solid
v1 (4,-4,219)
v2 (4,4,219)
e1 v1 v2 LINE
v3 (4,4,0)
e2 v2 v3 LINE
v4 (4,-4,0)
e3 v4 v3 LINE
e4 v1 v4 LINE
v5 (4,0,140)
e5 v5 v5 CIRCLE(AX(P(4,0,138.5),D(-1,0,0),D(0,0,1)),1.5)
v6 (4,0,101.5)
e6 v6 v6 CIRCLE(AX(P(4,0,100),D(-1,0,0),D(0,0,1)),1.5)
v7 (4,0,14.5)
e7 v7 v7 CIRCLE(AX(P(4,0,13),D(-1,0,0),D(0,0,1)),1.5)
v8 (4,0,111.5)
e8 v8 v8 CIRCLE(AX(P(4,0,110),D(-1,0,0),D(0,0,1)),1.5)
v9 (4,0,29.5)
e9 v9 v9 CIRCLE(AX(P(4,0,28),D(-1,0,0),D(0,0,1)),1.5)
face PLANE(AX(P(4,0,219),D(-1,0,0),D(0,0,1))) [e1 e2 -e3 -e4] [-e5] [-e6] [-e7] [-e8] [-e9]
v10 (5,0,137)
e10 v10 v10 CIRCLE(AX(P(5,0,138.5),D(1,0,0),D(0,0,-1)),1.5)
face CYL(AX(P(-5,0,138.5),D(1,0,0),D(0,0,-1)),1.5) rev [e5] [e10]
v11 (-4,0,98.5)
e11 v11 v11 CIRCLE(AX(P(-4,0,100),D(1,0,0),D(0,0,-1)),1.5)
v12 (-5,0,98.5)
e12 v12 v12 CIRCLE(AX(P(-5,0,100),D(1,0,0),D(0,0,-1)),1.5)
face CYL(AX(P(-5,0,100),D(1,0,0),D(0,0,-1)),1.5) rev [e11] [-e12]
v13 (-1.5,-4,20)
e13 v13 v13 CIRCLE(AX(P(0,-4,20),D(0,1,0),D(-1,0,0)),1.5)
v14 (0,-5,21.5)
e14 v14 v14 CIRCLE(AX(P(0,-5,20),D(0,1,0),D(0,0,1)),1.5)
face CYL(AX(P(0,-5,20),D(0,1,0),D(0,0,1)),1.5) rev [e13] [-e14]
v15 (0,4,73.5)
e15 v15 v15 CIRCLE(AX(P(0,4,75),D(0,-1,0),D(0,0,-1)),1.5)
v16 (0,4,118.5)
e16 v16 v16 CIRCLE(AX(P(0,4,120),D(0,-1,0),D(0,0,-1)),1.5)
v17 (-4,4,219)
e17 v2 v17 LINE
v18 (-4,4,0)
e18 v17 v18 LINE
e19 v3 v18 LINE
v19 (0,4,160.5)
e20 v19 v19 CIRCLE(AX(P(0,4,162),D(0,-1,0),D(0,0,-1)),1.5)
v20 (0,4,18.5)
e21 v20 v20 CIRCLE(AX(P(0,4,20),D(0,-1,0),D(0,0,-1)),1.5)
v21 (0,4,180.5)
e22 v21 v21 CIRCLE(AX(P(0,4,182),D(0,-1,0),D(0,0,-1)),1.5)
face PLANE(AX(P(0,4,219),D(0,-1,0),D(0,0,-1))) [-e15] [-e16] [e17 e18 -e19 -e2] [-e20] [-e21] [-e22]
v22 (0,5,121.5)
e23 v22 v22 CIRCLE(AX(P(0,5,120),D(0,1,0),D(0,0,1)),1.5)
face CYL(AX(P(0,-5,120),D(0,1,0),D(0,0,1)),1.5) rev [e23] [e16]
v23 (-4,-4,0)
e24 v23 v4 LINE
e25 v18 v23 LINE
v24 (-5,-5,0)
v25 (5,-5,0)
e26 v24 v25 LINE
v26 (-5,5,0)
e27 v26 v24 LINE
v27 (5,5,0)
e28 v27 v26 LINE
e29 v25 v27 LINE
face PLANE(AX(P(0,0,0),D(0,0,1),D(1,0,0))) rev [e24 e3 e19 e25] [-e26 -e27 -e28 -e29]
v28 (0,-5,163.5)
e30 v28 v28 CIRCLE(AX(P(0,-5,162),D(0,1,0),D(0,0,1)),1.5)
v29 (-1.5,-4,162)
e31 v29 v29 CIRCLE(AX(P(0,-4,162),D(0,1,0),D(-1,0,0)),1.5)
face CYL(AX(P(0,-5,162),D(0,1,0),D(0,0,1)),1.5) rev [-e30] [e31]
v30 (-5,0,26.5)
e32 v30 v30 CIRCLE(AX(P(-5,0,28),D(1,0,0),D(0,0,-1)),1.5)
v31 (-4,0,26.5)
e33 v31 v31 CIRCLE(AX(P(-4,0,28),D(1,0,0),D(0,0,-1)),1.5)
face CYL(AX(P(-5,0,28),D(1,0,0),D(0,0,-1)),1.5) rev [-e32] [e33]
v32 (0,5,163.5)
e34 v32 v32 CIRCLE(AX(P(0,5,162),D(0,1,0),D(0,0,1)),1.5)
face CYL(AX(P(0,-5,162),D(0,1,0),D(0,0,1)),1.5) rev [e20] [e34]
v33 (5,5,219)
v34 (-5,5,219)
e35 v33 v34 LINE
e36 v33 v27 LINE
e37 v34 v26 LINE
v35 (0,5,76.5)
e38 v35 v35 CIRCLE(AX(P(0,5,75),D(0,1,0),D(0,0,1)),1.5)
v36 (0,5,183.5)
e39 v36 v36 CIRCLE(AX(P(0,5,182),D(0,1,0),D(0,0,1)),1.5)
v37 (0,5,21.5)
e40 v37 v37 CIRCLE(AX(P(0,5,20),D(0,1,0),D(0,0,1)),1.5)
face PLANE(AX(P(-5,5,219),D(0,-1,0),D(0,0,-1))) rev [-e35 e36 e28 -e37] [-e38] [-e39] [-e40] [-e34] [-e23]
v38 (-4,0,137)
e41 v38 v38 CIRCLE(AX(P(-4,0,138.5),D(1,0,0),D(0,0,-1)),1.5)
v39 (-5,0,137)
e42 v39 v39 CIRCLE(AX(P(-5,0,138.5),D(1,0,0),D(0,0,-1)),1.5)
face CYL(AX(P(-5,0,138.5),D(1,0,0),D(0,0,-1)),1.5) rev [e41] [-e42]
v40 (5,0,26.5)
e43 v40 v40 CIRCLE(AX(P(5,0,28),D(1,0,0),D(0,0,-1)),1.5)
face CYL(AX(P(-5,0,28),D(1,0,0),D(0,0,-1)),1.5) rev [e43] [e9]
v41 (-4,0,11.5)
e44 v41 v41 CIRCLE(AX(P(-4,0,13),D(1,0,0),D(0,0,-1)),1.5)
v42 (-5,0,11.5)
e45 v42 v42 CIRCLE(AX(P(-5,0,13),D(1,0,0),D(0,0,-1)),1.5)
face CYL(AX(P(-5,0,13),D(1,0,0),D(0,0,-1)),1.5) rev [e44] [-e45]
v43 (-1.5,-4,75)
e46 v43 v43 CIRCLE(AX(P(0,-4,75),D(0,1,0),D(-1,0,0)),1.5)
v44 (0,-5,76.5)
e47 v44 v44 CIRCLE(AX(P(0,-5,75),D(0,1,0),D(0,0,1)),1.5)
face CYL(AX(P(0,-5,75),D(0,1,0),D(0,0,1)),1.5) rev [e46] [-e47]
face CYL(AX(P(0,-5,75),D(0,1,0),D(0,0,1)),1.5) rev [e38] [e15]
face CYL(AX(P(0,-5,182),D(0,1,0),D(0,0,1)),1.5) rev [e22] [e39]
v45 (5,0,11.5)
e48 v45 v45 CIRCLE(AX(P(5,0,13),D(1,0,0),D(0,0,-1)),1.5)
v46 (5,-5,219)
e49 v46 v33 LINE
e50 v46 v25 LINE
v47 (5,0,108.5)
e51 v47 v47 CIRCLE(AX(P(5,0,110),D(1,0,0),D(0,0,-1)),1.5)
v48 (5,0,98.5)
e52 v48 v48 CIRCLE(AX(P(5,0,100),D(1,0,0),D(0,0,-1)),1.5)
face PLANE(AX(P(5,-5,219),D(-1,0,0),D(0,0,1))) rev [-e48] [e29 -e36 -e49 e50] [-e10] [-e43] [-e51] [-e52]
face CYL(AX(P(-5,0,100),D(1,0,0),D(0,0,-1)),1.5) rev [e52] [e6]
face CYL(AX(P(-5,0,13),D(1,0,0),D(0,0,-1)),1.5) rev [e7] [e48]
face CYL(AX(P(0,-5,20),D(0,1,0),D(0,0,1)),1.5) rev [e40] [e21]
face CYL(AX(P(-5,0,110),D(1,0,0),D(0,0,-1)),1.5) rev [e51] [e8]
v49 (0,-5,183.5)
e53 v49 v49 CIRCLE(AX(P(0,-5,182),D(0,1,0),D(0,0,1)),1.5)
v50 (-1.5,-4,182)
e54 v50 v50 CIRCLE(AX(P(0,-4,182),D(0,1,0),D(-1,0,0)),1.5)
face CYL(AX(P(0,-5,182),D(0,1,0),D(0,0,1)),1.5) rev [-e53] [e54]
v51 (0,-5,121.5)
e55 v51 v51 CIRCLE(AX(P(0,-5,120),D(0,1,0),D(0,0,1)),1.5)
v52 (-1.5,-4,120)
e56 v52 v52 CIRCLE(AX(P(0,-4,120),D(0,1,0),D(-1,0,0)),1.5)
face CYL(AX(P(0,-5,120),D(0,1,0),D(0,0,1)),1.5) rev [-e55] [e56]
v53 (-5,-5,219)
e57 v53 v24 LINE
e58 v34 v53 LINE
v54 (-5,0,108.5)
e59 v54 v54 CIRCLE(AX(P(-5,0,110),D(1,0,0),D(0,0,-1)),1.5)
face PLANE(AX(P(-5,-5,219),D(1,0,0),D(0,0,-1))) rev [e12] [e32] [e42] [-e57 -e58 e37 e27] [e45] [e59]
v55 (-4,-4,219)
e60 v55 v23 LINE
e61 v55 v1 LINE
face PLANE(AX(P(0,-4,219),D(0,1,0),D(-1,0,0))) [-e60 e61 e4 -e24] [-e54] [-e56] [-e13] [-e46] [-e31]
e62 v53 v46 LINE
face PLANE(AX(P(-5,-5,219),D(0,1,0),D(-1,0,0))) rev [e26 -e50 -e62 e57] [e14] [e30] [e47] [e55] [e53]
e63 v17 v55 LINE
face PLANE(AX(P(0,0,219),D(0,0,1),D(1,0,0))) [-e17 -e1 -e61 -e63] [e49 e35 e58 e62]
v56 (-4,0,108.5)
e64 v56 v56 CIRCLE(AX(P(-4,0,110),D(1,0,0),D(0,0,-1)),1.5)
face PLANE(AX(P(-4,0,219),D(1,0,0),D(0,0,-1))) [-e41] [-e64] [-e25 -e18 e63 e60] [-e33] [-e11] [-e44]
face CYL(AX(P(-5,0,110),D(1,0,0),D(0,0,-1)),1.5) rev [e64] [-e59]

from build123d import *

# Parameters (mm, degrees)
SKETCH_1_W          = 10
SKETCH_1_H          = 10
SKETCH_1_W_2        = 8
SKETCH_1_H_2        = 8
EXTRUDE_1_DEPTH     = 219
SKETCH_2_R          = 1.5
CUT_EXTRUDE_1_DEPTH = 10
SKETCH_3_R          = 1.5
CUT_EXTRUDE_2_DEPTH = 11


with BuildPart() as part:
    # 草图1 → 拉伸-薄壁1 (new body)
    with BuildSketch(Plane.XY):
        Rectangle(SKETCH_1_W, SKETCH_1_H)
        Rectangle(SKETCH_1_W_2, SKETCH_1_H_2, mode=Mode.SUBTRACT)
    extrude(amount=EXTRUDE_1_DEPTH)

    # 草图2 → 切除-拉伸1 (cut)
    with BuildSketch(Plane(origin=(0, 5, 0), x_dir=(1, 0, 0), z_dir=(0, 1, 0))):
        with Locations((0, -182)):
            Circle(SKETCH_2_R)
        with Locations((0, -20)):
            Circle(SKETCH_2_R)
        with Locations((0, -120)):
            Circle(SKETCH_2_R)
        with Locations((0, -162)):
            Circle(SKETCH_2_R)
        with Locations((0, -75)):
            Circle(SKETCH_2_R)
    extrude(amount=-CUT_EXTRUDE_1_DEPTH, mode=Mode.SUBTRACT)

    # 草图3 → 切除-拉伸2 (cut, through all)
    with BuildSketch(Plane(origin=(5, 0, 0), x_dir=(0, 0, -1), z_dir=(1, 0, 0))):
        with Locations((-13, 0)):
            Circle(SKETCH_3_R)
        with Locations((-28, 0)):
            Circle(SKETCH_3_R)
        with Locations((-138.5, 0)):
            Circle(SKETCH_3_R)
        with Locations((-100, 0)):
            Circle(SKETCH_3_R)
        with Locations((-110, 0)):
            Circle(SKETCH_3_R)
    extrude(amount=-CUT_EXTRUDE_2_DEPTH, mode=Mode.SUBTRACT)


solid = part.part
